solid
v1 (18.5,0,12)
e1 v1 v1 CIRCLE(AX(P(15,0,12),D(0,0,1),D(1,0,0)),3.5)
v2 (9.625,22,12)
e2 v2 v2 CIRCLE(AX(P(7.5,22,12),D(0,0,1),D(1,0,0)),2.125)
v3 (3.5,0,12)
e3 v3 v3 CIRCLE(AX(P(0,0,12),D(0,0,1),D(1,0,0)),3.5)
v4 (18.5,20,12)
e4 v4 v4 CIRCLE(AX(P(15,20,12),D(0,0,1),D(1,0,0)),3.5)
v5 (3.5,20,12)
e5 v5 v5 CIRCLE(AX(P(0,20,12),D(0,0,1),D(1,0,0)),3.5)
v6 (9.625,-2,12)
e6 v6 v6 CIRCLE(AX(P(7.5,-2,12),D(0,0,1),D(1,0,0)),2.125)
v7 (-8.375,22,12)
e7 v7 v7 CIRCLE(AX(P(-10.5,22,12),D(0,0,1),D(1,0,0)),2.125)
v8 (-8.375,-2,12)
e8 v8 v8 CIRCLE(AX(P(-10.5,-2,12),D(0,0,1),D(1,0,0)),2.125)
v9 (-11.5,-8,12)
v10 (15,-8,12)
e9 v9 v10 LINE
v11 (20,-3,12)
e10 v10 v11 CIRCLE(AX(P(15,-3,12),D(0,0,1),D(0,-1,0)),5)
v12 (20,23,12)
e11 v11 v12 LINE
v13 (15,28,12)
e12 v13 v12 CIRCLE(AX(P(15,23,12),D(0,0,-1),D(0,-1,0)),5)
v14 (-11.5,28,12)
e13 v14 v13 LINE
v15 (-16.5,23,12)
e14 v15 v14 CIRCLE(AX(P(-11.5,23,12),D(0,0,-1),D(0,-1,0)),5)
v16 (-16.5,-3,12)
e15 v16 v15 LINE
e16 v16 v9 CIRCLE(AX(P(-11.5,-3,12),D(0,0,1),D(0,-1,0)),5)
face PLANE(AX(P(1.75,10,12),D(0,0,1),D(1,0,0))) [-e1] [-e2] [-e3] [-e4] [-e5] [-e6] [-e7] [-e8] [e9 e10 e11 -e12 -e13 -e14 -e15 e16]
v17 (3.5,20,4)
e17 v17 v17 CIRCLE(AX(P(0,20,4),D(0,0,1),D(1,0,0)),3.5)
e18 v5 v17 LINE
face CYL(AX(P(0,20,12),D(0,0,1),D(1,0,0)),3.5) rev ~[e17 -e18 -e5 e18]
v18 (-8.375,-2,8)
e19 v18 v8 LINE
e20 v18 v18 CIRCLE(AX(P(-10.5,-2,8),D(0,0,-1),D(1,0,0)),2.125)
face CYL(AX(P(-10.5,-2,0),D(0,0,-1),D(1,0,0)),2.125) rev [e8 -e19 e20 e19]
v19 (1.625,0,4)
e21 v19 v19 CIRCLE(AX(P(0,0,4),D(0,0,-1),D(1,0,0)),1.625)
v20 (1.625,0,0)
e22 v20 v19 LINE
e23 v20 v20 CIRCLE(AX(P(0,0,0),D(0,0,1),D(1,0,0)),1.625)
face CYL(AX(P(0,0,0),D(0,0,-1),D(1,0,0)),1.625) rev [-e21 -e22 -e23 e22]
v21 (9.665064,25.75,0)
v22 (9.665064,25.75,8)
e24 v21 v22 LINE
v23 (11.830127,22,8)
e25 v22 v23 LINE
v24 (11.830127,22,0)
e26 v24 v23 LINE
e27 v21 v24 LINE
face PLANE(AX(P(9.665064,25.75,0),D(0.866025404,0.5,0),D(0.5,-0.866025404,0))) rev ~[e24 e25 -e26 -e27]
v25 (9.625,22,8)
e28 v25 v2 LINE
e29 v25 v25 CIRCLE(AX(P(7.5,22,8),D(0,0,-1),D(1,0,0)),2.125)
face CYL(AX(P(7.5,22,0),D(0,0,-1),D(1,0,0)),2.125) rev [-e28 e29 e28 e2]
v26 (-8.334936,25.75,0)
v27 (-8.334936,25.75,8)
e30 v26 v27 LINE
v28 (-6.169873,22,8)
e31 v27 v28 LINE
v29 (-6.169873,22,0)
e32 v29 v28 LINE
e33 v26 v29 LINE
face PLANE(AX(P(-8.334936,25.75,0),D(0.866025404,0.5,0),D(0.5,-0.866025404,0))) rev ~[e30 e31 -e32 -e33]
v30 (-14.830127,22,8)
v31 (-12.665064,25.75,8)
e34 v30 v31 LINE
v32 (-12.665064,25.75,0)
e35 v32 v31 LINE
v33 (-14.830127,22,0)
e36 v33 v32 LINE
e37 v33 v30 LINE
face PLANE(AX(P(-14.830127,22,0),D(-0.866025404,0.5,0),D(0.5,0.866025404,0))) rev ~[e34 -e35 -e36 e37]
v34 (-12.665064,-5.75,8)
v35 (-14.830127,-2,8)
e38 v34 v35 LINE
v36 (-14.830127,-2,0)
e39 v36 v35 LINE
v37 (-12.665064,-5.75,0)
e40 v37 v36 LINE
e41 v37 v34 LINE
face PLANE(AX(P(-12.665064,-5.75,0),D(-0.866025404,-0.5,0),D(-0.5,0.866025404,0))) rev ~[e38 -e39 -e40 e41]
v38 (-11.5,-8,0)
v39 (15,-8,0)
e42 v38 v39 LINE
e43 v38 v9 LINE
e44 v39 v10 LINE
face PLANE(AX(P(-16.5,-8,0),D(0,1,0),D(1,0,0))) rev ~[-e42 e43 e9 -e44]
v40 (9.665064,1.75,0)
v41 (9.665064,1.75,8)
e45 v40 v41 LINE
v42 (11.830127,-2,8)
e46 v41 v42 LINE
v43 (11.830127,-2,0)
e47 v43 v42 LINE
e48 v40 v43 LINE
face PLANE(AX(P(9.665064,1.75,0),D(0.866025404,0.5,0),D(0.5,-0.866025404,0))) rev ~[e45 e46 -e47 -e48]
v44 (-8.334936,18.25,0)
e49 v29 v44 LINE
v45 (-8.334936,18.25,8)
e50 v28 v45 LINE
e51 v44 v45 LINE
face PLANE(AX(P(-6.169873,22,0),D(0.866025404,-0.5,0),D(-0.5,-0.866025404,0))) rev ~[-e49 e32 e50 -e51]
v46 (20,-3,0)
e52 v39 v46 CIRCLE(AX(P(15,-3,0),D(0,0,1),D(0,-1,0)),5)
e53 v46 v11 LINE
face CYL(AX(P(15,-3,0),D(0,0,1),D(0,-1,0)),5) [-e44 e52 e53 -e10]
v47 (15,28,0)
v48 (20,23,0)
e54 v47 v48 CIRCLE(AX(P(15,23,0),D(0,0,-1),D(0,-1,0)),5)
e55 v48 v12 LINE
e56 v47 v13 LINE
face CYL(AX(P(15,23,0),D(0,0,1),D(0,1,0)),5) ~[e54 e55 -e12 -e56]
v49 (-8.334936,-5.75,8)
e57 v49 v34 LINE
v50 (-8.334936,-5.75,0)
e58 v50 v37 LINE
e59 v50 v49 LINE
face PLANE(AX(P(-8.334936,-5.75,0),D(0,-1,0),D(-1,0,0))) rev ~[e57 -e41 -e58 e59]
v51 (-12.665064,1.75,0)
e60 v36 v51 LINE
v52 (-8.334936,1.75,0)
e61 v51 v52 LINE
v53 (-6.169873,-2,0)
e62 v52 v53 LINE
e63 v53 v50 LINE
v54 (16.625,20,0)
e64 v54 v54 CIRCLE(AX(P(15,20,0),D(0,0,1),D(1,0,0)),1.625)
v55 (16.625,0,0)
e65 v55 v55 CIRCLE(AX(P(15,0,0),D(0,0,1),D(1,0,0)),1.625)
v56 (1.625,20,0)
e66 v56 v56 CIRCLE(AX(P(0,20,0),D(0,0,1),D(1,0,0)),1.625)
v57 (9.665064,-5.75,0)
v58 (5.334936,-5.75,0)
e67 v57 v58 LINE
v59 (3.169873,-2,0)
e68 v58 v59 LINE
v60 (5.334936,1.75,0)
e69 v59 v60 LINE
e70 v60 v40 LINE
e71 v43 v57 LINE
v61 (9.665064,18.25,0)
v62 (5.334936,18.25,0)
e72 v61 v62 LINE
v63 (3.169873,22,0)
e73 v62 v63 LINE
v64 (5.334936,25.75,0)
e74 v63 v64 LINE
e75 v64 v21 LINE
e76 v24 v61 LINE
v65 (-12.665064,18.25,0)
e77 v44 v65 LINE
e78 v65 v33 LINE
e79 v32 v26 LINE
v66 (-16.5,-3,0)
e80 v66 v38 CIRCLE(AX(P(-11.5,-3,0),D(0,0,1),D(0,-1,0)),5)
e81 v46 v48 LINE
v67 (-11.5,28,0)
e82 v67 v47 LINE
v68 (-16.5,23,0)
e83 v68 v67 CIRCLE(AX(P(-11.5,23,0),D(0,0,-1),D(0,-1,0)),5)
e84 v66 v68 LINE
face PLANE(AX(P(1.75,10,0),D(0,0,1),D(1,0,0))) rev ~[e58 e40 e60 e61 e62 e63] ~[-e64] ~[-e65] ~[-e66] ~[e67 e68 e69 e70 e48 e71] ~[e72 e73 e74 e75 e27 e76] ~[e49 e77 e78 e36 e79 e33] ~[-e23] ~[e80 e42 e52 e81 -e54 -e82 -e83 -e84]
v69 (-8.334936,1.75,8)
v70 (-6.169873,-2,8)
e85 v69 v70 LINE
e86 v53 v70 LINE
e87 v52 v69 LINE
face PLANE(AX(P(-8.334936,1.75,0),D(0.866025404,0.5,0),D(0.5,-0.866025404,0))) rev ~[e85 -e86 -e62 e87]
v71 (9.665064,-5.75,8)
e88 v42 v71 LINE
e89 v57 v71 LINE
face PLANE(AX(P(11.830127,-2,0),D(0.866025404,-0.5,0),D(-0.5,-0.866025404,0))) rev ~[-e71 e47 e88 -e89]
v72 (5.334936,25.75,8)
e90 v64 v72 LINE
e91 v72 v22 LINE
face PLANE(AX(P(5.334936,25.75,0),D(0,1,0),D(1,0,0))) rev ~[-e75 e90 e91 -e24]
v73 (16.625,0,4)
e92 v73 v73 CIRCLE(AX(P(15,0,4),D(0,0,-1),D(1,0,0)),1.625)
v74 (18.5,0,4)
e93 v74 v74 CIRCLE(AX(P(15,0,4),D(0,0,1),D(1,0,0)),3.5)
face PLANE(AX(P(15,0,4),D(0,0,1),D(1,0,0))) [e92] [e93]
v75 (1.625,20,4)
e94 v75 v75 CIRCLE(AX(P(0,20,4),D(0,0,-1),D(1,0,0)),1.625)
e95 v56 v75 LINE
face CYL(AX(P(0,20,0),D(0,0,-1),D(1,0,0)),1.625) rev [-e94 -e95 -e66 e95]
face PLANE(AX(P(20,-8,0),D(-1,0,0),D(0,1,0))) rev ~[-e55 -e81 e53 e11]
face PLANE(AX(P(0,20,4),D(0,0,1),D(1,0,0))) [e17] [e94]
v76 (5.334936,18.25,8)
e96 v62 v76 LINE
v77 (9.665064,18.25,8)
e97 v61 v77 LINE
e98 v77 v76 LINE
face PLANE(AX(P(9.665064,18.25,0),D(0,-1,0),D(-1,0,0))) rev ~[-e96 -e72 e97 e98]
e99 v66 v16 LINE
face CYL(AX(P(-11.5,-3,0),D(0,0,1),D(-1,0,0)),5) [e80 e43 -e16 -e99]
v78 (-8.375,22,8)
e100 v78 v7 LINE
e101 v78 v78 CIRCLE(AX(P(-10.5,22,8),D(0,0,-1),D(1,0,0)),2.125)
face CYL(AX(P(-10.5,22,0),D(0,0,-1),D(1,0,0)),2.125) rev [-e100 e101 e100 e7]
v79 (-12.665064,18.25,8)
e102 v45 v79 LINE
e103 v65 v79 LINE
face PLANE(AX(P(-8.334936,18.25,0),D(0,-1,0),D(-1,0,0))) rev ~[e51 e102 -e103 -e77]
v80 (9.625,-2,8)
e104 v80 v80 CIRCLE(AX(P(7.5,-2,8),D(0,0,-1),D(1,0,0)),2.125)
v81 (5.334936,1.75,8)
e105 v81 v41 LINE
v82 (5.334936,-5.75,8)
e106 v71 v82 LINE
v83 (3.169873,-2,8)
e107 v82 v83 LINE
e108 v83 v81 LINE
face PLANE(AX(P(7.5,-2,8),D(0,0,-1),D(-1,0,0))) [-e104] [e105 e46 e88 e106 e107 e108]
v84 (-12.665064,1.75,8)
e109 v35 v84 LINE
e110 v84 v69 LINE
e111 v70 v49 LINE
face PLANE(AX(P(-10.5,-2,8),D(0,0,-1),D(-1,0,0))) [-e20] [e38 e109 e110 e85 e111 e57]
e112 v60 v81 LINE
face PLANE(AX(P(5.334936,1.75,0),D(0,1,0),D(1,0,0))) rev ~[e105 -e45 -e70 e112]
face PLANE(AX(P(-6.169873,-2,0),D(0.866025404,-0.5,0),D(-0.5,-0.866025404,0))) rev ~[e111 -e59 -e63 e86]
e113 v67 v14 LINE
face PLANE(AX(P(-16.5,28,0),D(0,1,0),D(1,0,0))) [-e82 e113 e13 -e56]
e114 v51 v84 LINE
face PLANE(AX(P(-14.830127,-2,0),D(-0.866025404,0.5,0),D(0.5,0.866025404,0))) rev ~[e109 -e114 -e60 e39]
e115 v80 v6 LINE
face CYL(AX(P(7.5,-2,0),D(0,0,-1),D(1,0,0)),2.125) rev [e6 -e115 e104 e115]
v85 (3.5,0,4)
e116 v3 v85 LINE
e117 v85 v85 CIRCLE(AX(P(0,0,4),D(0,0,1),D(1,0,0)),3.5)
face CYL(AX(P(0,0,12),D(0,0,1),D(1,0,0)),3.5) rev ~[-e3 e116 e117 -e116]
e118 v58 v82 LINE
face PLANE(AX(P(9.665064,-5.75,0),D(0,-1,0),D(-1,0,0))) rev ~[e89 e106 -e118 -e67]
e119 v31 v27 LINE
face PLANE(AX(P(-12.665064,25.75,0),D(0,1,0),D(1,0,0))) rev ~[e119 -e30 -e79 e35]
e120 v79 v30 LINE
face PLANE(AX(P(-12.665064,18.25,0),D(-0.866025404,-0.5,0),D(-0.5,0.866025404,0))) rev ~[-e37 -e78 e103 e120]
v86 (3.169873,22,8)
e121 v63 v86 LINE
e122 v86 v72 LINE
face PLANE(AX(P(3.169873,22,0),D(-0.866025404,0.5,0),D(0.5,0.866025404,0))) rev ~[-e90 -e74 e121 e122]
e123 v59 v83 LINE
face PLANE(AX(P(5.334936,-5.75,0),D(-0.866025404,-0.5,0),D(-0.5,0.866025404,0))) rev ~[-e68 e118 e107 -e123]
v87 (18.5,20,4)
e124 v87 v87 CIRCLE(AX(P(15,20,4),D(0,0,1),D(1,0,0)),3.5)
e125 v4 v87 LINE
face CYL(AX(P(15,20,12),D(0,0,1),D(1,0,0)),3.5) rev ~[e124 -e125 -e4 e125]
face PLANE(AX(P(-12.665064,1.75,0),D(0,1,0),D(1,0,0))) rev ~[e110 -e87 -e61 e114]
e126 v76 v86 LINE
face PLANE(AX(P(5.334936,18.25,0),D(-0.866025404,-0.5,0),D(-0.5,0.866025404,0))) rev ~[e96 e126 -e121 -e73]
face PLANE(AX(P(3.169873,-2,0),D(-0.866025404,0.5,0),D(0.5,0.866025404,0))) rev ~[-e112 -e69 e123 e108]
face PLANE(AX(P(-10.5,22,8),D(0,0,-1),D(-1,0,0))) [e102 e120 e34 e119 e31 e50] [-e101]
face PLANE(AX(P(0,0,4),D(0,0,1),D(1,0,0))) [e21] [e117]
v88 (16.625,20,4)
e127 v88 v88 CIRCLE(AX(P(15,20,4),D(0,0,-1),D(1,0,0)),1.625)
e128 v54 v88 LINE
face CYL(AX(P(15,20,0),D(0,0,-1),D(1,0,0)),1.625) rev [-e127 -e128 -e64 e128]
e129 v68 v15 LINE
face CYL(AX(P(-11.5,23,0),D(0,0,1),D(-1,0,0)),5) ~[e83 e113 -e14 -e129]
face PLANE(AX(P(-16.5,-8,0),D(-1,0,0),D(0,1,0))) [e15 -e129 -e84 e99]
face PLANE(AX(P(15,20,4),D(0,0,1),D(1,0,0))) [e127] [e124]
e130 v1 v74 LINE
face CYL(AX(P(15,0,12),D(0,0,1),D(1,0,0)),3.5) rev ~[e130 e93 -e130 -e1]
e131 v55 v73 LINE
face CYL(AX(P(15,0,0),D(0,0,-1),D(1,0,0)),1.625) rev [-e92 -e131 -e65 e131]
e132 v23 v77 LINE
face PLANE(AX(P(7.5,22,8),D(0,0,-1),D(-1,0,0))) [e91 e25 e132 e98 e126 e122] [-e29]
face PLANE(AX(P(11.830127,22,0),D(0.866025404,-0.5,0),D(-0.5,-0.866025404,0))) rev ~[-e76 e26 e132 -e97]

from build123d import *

# Parameters (mm, degrees)
SKETCH1_W           = 36.5
SKETCH1_H           = 36
SKETCH1_R           = 1.625
SKETCH1_R_2         = 2.125
BOSS_EXTRUDE1_DEPTH = 12
SKETCH2_R           = 3.5
CUT_EXTRUDE1_DEPTH  = 8
CUT_EXTRUDE2_DEPTH  = 8
FILLET2_R           = 5


with BuildPart() as part:
    # Sketch1 → Boss-Extrude1 (new body)
    with BuildSketch(Plane.XY):
        with Locations((1.75, 10)):
            Rectangle(SKETCH1_W, SKETCH1_H)
        with Locations((0, 20)):
            Circle(SKETCH1_R, mode=Mode.SUBTRACT)
        with Locations((15, 20)):
            Circle(SKETCH1_R, mode=Mode.SUBTRACT)
        with Locations((15, 0)):
            Circle(SKETCH1_R, mode=Mode.SUBTRACT)
        Circle(SKETCH1_R, mode=Mode.SUBTRACT)
        with Locations((-10.5, 22)):
            Circle(SKETCH1_R_2, mode=Mode.SUBTRACT)
        with Locations((7.5, 22)):
            Circle(SKETCH1_R_2, mode=Mode.SUBTRACT)
        with Locations((7.5, -2)):
            Circle(SKETCH1_R_2, mode=Mode.SUBTRACT)
        with Locations((-10.5, -2)):
            Circle(SKETCH1_R_2, mode=Mode.SUBTRACT)
    extrude(amount=BOSS_EXTRUDE1_DEPTH)

    # Sketch2 → Cut-Extrude1 (cut)
    with BuildSketch(Plane.XY.offset(12)):
        with Locations((0, 20)):
            Circle(SKETCH2_R)
        Circle(SKETCH2_R)
        with Locations((15, 0)):
            Circle(SKETCH2_R)
        with Locations((15, 20)):
            Circle(SKETCH2_R)
    extrude(amount=-CUT_EXTRUDE1_DEPTH, mode=Mode.SUBTRACT)

    # Sketch3 → Cut-Extrude2 (cut)
    with BuildSketch(Plane(origin=(0, 0, 0), x_dir=(-1, 0, 0), z_dir=(0, 0, -1))):
        Polygon((-5.334936491, 18.25), (-3.169872981, 22), (-5.334936491, 25.75), (-9.665063509, 25.75), (-11.830127019, 22), (-9.665063509, 18.25), align=None)
        Polygon((12.665063509, 18.25), (14.830127019, 22), (12.665063509, 25.75), (8.334936491, 25.75), (6.169872981, 22), (8.334936491, 18.25), align=None)
        Polygon((12.665063509, -5.75), (14.830127019, -2), (12.665063509, 1.75), (8.334936491, 1.75), (6.169872981, -2), (8.334936491, -5.75), align=None)
        Polygon((-9.665063509, -5.75), (-5.334936491, -5.75), (-3.169872981, -2), (-5.334936491, 1.75), (-9.665063509, 1.75), (-11.830127019, -2), align=None)
    extrude(amount=-CUT_EXTRUDE2_DEPTH, mode=Mode.SUBTRACT)

    # Fillet2
    fillet2_edges = [part.edges().sort_by_distance(p)[0] for p in [
        (-16.5, 28, 6),
        (20, 28, 6),
        (20, -8, 6),
        (-16.5, -8, 6),
    ]]
    fillet(fillet2_edges, radius=FILLET2_R)


solid = part.part
